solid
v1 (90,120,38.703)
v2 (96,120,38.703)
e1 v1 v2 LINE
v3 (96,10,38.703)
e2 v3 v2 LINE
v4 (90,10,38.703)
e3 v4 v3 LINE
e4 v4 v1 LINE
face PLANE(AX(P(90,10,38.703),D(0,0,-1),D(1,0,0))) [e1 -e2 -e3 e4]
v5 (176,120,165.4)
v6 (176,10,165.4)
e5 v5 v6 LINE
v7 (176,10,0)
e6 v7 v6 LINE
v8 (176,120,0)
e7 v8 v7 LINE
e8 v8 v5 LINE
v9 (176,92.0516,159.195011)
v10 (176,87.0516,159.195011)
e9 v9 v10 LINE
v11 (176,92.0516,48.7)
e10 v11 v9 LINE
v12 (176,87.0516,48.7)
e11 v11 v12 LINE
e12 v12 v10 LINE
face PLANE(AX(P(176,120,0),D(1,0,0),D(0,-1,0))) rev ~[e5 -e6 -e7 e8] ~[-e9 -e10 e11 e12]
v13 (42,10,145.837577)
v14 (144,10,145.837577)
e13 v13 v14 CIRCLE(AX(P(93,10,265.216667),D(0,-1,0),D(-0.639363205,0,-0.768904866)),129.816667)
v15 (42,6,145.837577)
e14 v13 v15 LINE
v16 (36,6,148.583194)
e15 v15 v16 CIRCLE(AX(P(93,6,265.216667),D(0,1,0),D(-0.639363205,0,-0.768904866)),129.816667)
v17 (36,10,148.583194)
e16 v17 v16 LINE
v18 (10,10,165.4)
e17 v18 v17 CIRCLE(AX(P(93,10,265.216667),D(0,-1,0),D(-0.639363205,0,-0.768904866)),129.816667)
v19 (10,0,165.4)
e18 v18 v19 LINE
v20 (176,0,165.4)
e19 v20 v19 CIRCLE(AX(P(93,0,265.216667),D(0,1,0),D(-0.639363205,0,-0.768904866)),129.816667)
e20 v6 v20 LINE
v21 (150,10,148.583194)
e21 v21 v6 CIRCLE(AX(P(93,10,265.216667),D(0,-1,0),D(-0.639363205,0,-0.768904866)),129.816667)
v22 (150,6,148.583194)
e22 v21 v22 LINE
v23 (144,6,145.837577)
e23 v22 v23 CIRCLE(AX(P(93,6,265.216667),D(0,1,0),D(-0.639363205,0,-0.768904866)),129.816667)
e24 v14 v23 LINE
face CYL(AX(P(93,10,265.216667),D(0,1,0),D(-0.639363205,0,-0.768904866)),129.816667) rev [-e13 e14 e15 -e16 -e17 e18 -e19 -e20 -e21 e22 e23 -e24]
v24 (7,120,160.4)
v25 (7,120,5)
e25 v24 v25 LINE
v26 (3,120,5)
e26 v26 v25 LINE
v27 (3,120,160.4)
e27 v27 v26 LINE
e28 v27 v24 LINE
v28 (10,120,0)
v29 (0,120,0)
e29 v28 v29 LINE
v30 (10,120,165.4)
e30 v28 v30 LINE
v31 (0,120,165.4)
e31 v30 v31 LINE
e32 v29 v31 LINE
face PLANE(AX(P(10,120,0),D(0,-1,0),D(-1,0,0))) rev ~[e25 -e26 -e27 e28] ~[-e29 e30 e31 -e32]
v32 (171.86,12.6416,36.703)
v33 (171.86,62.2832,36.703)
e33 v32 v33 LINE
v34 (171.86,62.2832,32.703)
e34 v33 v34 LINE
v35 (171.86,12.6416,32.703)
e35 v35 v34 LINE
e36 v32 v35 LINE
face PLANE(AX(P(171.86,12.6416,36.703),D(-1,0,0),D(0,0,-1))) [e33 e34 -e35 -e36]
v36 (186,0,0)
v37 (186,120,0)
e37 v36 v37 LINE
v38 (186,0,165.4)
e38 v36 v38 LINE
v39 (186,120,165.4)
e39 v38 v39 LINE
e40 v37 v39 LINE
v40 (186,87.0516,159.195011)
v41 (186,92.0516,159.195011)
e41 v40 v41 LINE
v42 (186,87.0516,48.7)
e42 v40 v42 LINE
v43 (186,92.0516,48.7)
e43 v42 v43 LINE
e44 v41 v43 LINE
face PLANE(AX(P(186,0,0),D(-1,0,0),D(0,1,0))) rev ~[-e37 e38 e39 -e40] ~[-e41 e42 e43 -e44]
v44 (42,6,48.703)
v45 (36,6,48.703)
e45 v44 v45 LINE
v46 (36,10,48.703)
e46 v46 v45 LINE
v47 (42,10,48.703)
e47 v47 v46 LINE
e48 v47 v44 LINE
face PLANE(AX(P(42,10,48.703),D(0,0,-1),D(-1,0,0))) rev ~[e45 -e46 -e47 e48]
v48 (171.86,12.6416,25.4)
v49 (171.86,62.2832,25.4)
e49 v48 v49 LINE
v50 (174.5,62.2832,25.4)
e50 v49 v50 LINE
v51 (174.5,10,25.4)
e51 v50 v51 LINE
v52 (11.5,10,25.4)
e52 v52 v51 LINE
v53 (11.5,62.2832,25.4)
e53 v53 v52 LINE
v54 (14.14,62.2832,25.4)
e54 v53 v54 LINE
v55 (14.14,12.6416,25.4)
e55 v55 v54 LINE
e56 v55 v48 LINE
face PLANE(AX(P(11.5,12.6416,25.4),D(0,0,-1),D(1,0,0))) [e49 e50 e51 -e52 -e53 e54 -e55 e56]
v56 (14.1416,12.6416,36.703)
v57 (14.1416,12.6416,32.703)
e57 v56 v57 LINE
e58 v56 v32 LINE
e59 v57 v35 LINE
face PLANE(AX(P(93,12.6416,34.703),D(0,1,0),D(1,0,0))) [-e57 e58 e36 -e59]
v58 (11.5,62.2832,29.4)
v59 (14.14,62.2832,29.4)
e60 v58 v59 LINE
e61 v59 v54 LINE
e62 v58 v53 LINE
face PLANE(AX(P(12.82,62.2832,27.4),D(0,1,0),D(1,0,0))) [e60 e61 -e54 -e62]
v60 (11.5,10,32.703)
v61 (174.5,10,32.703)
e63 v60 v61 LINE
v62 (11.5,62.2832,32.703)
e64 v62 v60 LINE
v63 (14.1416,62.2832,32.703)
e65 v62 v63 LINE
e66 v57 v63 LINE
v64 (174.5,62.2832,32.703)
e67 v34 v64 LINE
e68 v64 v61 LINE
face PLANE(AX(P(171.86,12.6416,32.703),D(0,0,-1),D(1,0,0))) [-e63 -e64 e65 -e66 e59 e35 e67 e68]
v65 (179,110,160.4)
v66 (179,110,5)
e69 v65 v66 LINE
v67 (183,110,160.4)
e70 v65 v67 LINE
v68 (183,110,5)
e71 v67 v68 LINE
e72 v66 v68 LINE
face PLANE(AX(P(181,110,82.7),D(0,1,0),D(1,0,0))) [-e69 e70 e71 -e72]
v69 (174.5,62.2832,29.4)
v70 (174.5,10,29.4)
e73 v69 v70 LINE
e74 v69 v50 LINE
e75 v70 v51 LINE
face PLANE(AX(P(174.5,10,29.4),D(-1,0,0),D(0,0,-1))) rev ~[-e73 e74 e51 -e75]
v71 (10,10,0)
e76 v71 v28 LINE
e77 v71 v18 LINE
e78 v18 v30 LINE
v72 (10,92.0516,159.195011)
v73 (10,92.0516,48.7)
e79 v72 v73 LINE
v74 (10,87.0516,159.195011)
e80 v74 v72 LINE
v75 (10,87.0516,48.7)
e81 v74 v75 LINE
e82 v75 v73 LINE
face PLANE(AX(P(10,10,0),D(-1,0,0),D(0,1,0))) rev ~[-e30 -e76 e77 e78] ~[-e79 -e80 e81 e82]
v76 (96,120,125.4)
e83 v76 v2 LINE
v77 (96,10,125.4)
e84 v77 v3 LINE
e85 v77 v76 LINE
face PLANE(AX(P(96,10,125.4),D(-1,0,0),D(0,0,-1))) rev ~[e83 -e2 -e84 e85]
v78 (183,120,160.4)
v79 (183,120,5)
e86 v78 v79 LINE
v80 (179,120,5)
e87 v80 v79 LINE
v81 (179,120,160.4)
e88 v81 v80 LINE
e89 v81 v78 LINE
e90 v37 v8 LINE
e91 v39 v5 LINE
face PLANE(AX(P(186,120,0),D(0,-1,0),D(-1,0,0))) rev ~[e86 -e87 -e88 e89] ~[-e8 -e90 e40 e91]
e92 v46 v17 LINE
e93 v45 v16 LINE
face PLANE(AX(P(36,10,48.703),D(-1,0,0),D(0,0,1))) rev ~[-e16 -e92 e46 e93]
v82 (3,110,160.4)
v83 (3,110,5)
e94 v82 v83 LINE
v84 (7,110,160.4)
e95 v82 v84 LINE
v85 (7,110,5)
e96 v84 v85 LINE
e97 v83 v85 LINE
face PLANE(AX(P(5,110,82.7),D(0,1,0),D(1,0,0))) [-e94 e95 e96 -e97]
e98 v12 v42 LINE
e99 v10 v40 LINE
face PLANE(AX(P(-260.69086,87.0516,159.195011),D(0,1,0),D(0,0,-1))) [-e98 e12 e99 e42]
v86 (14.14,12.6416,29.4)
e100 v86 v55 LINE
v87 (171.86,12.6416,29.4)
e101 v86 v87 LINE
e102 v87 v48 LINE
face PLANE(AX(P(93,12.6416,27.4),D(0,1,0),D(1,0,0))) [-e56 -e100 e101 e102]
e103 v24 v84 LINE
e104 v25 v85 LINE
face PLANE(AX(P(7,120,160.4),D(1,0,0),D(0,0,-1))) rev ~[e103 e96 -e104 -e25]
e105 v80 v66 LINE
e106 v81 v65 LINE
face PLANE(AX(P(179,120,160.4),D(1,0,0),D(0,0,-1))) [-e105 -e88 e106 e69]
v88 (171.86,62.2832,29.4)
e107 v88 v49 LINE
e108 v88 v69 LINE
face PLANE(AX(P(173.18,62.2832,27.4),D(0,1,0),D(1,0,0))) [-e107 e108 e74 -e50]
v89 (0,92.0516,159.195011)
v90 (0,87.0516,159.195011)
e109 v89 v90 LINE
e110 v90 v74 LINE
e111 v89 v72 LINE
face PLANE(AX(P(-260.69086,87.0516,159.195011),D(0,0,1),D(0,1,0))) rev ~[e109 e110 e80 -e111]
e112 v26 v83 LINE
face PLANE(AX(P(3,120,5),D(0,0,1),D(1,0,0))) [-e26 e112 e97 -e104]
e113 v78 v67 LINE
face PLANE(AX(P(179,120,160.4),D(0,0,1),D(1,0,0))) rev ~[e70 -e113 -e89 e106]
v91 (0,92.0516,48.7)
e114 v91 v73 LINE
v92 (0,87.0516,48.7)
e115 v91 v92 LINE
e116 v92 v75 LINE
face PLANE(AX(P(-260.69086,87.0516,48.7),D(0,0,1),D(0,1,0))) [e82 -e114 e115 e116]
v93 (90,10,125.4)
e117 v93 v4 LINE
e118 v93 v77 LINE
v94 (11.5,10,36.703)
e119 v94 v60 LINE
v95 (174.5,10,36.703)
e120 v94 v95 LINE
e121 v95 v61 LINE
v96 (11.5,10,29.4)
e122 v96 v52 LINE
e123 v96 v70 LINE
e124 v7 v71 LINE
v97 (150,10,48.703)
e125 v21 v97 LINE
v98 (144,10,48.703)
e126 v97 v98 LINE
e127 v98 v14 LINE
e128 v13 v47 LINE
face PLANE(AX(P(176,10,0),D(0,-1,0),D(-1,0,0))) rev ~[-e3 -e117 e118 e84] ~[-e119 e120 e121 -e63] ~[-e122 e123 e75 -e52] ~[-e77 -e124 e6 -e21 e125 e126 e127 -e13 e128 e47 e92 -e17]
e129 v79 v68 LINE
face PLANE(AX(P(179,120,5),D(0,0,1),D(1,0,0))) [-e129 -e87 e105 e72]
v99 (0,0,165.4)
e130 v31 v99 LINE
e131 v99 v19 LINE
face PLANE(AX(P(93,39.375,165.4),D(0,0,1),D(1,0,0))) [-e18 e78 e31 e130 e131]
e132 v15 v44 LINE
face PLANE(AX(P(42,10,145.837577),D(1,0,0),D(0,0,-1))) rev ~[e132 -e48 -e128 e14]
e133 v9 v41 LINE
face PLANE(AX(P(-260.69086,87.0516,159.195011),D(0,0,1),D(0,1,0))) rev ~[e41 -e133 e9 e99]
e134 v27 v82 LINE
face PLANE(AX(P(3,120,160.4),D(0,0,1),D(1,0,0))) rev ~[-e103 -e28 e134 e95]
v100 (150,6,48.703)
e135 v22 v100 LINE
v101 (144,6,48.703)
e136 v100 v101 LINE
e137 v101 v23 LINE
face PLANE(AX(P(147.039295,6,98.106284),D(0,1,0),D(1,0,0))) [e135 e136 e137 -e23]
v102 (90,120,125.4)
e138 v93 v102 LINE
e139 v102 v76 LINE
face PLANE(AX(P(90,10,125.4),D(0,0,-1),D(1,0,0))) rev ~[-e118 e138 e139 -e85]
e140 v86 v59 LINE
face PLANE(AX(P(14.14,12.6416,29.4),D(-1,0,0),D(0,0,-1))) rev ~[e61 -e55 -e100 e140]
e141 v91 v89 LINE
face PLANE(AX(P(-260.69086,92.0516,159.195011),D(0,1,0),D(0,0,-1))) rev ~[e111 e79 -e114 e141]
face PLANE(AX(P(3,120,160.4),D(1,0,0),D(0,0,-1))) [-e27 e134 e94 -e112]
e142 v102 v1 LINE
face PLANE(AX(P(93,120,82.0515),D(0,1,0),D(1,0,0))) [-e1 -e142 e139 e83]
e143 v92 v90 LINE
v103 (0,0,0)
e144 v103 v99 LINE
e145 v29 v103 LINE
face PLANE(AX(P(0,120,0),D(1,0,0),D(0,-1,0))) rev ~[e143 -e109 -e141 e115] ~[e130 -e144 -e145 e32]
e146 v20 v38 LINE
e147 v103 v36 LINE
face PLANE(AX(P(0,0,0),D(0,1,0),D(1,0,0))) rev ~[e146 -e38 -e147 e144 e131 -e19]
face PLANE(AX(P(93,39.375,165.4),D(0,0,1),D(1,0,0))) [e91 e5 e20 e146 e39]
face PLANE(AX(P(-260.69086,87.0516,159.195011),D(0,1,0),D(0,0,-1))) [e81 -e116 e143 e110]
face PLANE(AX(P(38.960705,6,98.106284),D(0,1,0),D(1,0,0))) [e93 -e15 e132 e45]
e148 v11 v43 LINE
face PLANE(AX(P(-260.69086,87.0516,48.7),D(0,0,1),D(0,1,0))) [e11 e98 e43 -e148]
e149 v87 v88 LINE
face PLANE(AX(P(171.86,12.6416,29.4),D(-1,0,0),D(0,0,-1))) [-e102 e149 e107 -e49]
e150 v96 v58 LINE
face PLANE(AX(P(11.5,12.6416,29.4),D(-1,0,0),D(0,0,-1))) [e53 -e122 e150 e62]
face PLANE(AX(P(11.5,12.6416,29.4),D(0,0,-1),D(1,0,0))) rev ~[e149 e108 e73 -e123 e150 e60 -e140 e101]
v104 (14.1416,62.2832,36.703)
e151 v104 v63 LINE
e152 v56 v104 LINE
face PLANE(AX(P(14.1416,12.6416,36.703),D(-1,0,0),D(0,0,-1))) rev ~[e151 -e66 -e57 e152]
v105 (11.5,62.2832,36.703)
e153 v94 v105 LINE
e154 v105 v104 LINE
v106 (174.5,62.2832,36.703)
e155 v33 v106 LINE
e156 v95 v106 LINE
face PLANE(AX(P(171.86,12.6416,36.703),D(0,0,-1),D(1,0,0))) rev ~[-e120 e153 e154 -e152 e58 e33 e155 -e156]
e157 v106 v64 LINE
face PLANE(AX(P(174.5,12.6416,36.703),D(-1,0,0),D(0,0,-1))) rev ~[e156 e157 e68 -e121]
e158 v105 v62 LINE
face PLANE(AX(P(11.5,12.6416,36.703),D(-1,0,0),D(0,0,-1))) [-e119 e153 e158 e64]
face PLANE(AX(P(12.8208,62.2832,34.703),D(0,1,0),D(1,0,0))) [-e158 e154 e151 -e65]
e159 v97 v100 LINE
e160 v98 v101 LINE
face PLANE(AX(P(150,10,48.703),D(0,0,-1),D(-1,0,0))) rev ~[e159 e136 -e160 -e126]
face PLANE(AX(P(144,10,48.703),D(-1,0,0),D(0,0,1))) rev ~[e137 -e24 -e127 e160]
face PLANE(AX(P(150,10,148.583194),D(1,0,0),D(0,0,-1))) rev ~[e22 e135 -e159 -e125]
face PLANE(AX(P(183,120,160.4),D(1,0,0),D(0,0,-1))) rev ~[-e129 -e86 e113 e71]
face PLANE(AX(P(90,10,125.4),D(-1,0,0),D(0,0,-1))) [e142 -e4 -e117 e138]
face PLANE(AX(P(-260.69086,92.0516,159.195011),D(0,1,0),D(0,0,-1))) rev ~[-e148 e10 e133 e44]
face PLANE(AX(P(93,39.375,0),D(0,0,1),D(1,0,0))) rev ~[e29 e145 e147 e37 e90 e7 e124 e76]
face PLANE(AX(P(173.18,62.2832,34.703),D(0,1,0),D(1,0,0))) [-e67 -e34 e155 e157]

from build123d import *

# Parameters (mm, degrees)
EXTRUDE_THIN2_DEPTH     = 165.4
SKETCH11_W              = 163
SKETCH11_H              = 4
BOSS_EXTRUDE3_DEPTH     = 2.6416
CUT_EXTRUDE6_DEPTH      = 270.69086006
CUT_EXTRUDE6_DEPTH_BACK = 270.69086006
SKETCH13_W              = 110.495011338
SKETCH13_H              = 5
CUT_EXTRUDE7_DEPTH      = 273.127102656
SKETCH19_W              = 4
SKETCH19_H              = 155.4
CUT_EXTRUDE9_DEPTH      = 10
SKETCH20_W              = 4
SKETCH20_H              = 155.4
CUT_EXTRUDE10_DEPTH     = 10
SKETCH21_W              = 6
SKETCH21_H              = 86.697
BOSS_EXTRUDE4_DEPTH     = 110
CUT_EXTRUDE11_DEPTH     = 4
SKETCH23_W              = 163
SKETCH23_H              = 4
BOSS_EXTRUDE5_DEPTH     = 2.6416
SKETCH24_W              = 2.6416
SKETCH24_H              = 4
BOSS_EXTRUDE6_DEPTH     = 49.6416
SKETCH25_W              = 2.64
SKETCH25_H              = 4
BOSS_EXTRUDE7_DEPTH     = 49.6416
SKETCH26_W              = 2.64
SKETCH26_H              = 4
BOSS_EXTRUDE8_DEPTH     = 49.6416


with BuildPart() as part:
    # Sketch2 → Extrude-Thin2 (new body)
    with BuildSketch(Plane.XY):
        Polygon((0, 120), (0, 0), (186, 0), (186, 120), (176, 120), (176, 10), (10, 10), (10, 120), align=None)
    extrude(amount=EXTRUDE_THIN2_DEPTH)

    # Sketch11 → Boss-Extrude3 (add)
    with BuildSketch(Plane(origin=(0, 10, 0), x_dir=(1, 0, 0), z_dir=(0, 1, 0))):
        with Locations((93, -34.703)):
            Rectangle(SKETCH11_W, SKETCH11_H)
    extrude(amount=BOSS_EXTRUDE3_DEPTH)

    # Sketch13 → Cut-Extrude6 (cut, two sides: drawn at the far end of the back side and taken through both)
    with BuildSketch(Plane(origin=(10, 0, 0), x_dir=(0, 0, -1), z_dir=(1, 0, 0)).offset(-CUT_EXTRUDE6_DEPTH_BACK)):
        with Locations((-103.947505669, 89.551599899)):
            Rectangle(SKETCH13_W, SKETCH13_H)
    extrude(amount=CUT_EXTRUDE6_DEPTH + CUT_EXTRUDE6_DEPTH_BACK, mode=Mode.SUBTRACT)

    # Sketch14 → Cut-Extrude7 (cut, through all)
    with BuildSketch(Plane(origin=(0, 10, 0), x_dir=(1, 0, 0), z_dir=(0, 1, 0))):
        with BuildLine():
            Line((176, -165.4), (10, -165.4))
            ThreePointArc((10, -165.4), (93, -135.4), (176, -165.4))
        make_face()
    extrude(amount=-CUT_EXTRUDE7_DEPTH, mode=Mode.SUBTRACT)

    # Sketch19 → Cut-Extrude9 (cut)
    with BuildSketch(Plane(origin=(0, 120, 0), x_dir=(1, 0, 0), z_dir=(0, 1, 0))):
        with Locations((5, -82.7)):
            Rectangle(SKETCH19_W, SKETCH19_H)
    extrude(amount=-CUT_EXTRUDE9_DEPTH, mode=Mode.SUBTRACT)

    # Sketch20 → Cut-Extrude10 (cut)
    with BuildSketch(Plane(origin=(0, 120, 0), x_dir=(1, 0, 0), z_dir=(0, 1, 0))):
        with Locations((181, -82.7)):
            Rectangle(SKETCH20_W, SKETCH20_H)
    extrude(amount=-CUT_EXTRUDE10_DEPTH, mode=Mode.SUBTRACT)

    # Sketch21 → Boss-Extrude4 (add, through all)
    with BuildSketch(Plane(origin=(0, 10, 0), x_dir=(1, 0, 0), z_dir=(0, 1, 0))):
        with Locations((93, -82.0515)):
            Rectangle(SKETCH21_W, SKETCH21_H)
    extrude(amount=BOSS_EXTRUDE4_DEPTH)

    # Sketch22 → Cut-Extrude11 (cut)
    with BuildSketch(Plane(origin=(0, 10, 0), x_dir=(1, 0, 0), z_dir=(0, 1, 0))):
        Polygon((36, -48.703), (36, -148.583194008), (42, -145.837577441), (42, -48.703), align=None)
        Polygon((144, -145.837577441), (150, -148.583194008), (150, -48.703), (144, -48.703), align=None)
    extrude(amount=-CUT_EXTRUDE11_DEPTH, mode=Mode.SUBTRACT)

    # Sketch23 → Boss-Extrude5 (add)
    with BuildSketch(Plane(origin=(0, 10, 0), x_dir=(1, 0, 0), z_dir=(0, 1, 0))):
        with Locations((93, -27.4)):
            Rectangle(SKETCH23_W, SKETCH23_H)
    extrude(amount=BOSS_EXTRUDE5_DEPTH)

    # Sketch24 → Boss-Extrude6 (add)
    with BuildSketch(Plane(origin=(0, 12.6416, 0), x_dir=(1, 0, 0), z_dir=(0, 1, 0))):
        with Locations((12.8208, -34.703)):
            Rectangle(SKETCH24_W, SKETCH24_H)
    extrude(amount=BOSS_EXTRUDE6_DEPTH)

    # Sketch25 → Boss-Extrude7 (add)
    with BuildSketch(Plane(origin=(0, 12.6416, 0), x_dir=(1, 0, 0), z_dir=(0, 1, 0))):
        with Locations((12.82, -27.4)):
            Rectangle(SKETCH25_W, SKETCH25_H)
    extrude(amount=BOSS_EXTRUDE7_DEPTH)

    # Sketch26 → Boss-Extrude8 (add)
    with BuildSketch(Plane(origin=(0, 12.6416, 0), x_dir=(1, 0, 0), z_dir=(0, 1, 0))):
        with Locations((173.18, -34.703)):
            Rectangle(SKETCH26_W, SKETCH26_H)
        with Locations((173.18, -27.4)):
            Rectangle(SKETCH26_W, SKETCH26_H)
    extrude(amount=BOSS_EXTRUDE8_DEPTH)


solid = part.part
